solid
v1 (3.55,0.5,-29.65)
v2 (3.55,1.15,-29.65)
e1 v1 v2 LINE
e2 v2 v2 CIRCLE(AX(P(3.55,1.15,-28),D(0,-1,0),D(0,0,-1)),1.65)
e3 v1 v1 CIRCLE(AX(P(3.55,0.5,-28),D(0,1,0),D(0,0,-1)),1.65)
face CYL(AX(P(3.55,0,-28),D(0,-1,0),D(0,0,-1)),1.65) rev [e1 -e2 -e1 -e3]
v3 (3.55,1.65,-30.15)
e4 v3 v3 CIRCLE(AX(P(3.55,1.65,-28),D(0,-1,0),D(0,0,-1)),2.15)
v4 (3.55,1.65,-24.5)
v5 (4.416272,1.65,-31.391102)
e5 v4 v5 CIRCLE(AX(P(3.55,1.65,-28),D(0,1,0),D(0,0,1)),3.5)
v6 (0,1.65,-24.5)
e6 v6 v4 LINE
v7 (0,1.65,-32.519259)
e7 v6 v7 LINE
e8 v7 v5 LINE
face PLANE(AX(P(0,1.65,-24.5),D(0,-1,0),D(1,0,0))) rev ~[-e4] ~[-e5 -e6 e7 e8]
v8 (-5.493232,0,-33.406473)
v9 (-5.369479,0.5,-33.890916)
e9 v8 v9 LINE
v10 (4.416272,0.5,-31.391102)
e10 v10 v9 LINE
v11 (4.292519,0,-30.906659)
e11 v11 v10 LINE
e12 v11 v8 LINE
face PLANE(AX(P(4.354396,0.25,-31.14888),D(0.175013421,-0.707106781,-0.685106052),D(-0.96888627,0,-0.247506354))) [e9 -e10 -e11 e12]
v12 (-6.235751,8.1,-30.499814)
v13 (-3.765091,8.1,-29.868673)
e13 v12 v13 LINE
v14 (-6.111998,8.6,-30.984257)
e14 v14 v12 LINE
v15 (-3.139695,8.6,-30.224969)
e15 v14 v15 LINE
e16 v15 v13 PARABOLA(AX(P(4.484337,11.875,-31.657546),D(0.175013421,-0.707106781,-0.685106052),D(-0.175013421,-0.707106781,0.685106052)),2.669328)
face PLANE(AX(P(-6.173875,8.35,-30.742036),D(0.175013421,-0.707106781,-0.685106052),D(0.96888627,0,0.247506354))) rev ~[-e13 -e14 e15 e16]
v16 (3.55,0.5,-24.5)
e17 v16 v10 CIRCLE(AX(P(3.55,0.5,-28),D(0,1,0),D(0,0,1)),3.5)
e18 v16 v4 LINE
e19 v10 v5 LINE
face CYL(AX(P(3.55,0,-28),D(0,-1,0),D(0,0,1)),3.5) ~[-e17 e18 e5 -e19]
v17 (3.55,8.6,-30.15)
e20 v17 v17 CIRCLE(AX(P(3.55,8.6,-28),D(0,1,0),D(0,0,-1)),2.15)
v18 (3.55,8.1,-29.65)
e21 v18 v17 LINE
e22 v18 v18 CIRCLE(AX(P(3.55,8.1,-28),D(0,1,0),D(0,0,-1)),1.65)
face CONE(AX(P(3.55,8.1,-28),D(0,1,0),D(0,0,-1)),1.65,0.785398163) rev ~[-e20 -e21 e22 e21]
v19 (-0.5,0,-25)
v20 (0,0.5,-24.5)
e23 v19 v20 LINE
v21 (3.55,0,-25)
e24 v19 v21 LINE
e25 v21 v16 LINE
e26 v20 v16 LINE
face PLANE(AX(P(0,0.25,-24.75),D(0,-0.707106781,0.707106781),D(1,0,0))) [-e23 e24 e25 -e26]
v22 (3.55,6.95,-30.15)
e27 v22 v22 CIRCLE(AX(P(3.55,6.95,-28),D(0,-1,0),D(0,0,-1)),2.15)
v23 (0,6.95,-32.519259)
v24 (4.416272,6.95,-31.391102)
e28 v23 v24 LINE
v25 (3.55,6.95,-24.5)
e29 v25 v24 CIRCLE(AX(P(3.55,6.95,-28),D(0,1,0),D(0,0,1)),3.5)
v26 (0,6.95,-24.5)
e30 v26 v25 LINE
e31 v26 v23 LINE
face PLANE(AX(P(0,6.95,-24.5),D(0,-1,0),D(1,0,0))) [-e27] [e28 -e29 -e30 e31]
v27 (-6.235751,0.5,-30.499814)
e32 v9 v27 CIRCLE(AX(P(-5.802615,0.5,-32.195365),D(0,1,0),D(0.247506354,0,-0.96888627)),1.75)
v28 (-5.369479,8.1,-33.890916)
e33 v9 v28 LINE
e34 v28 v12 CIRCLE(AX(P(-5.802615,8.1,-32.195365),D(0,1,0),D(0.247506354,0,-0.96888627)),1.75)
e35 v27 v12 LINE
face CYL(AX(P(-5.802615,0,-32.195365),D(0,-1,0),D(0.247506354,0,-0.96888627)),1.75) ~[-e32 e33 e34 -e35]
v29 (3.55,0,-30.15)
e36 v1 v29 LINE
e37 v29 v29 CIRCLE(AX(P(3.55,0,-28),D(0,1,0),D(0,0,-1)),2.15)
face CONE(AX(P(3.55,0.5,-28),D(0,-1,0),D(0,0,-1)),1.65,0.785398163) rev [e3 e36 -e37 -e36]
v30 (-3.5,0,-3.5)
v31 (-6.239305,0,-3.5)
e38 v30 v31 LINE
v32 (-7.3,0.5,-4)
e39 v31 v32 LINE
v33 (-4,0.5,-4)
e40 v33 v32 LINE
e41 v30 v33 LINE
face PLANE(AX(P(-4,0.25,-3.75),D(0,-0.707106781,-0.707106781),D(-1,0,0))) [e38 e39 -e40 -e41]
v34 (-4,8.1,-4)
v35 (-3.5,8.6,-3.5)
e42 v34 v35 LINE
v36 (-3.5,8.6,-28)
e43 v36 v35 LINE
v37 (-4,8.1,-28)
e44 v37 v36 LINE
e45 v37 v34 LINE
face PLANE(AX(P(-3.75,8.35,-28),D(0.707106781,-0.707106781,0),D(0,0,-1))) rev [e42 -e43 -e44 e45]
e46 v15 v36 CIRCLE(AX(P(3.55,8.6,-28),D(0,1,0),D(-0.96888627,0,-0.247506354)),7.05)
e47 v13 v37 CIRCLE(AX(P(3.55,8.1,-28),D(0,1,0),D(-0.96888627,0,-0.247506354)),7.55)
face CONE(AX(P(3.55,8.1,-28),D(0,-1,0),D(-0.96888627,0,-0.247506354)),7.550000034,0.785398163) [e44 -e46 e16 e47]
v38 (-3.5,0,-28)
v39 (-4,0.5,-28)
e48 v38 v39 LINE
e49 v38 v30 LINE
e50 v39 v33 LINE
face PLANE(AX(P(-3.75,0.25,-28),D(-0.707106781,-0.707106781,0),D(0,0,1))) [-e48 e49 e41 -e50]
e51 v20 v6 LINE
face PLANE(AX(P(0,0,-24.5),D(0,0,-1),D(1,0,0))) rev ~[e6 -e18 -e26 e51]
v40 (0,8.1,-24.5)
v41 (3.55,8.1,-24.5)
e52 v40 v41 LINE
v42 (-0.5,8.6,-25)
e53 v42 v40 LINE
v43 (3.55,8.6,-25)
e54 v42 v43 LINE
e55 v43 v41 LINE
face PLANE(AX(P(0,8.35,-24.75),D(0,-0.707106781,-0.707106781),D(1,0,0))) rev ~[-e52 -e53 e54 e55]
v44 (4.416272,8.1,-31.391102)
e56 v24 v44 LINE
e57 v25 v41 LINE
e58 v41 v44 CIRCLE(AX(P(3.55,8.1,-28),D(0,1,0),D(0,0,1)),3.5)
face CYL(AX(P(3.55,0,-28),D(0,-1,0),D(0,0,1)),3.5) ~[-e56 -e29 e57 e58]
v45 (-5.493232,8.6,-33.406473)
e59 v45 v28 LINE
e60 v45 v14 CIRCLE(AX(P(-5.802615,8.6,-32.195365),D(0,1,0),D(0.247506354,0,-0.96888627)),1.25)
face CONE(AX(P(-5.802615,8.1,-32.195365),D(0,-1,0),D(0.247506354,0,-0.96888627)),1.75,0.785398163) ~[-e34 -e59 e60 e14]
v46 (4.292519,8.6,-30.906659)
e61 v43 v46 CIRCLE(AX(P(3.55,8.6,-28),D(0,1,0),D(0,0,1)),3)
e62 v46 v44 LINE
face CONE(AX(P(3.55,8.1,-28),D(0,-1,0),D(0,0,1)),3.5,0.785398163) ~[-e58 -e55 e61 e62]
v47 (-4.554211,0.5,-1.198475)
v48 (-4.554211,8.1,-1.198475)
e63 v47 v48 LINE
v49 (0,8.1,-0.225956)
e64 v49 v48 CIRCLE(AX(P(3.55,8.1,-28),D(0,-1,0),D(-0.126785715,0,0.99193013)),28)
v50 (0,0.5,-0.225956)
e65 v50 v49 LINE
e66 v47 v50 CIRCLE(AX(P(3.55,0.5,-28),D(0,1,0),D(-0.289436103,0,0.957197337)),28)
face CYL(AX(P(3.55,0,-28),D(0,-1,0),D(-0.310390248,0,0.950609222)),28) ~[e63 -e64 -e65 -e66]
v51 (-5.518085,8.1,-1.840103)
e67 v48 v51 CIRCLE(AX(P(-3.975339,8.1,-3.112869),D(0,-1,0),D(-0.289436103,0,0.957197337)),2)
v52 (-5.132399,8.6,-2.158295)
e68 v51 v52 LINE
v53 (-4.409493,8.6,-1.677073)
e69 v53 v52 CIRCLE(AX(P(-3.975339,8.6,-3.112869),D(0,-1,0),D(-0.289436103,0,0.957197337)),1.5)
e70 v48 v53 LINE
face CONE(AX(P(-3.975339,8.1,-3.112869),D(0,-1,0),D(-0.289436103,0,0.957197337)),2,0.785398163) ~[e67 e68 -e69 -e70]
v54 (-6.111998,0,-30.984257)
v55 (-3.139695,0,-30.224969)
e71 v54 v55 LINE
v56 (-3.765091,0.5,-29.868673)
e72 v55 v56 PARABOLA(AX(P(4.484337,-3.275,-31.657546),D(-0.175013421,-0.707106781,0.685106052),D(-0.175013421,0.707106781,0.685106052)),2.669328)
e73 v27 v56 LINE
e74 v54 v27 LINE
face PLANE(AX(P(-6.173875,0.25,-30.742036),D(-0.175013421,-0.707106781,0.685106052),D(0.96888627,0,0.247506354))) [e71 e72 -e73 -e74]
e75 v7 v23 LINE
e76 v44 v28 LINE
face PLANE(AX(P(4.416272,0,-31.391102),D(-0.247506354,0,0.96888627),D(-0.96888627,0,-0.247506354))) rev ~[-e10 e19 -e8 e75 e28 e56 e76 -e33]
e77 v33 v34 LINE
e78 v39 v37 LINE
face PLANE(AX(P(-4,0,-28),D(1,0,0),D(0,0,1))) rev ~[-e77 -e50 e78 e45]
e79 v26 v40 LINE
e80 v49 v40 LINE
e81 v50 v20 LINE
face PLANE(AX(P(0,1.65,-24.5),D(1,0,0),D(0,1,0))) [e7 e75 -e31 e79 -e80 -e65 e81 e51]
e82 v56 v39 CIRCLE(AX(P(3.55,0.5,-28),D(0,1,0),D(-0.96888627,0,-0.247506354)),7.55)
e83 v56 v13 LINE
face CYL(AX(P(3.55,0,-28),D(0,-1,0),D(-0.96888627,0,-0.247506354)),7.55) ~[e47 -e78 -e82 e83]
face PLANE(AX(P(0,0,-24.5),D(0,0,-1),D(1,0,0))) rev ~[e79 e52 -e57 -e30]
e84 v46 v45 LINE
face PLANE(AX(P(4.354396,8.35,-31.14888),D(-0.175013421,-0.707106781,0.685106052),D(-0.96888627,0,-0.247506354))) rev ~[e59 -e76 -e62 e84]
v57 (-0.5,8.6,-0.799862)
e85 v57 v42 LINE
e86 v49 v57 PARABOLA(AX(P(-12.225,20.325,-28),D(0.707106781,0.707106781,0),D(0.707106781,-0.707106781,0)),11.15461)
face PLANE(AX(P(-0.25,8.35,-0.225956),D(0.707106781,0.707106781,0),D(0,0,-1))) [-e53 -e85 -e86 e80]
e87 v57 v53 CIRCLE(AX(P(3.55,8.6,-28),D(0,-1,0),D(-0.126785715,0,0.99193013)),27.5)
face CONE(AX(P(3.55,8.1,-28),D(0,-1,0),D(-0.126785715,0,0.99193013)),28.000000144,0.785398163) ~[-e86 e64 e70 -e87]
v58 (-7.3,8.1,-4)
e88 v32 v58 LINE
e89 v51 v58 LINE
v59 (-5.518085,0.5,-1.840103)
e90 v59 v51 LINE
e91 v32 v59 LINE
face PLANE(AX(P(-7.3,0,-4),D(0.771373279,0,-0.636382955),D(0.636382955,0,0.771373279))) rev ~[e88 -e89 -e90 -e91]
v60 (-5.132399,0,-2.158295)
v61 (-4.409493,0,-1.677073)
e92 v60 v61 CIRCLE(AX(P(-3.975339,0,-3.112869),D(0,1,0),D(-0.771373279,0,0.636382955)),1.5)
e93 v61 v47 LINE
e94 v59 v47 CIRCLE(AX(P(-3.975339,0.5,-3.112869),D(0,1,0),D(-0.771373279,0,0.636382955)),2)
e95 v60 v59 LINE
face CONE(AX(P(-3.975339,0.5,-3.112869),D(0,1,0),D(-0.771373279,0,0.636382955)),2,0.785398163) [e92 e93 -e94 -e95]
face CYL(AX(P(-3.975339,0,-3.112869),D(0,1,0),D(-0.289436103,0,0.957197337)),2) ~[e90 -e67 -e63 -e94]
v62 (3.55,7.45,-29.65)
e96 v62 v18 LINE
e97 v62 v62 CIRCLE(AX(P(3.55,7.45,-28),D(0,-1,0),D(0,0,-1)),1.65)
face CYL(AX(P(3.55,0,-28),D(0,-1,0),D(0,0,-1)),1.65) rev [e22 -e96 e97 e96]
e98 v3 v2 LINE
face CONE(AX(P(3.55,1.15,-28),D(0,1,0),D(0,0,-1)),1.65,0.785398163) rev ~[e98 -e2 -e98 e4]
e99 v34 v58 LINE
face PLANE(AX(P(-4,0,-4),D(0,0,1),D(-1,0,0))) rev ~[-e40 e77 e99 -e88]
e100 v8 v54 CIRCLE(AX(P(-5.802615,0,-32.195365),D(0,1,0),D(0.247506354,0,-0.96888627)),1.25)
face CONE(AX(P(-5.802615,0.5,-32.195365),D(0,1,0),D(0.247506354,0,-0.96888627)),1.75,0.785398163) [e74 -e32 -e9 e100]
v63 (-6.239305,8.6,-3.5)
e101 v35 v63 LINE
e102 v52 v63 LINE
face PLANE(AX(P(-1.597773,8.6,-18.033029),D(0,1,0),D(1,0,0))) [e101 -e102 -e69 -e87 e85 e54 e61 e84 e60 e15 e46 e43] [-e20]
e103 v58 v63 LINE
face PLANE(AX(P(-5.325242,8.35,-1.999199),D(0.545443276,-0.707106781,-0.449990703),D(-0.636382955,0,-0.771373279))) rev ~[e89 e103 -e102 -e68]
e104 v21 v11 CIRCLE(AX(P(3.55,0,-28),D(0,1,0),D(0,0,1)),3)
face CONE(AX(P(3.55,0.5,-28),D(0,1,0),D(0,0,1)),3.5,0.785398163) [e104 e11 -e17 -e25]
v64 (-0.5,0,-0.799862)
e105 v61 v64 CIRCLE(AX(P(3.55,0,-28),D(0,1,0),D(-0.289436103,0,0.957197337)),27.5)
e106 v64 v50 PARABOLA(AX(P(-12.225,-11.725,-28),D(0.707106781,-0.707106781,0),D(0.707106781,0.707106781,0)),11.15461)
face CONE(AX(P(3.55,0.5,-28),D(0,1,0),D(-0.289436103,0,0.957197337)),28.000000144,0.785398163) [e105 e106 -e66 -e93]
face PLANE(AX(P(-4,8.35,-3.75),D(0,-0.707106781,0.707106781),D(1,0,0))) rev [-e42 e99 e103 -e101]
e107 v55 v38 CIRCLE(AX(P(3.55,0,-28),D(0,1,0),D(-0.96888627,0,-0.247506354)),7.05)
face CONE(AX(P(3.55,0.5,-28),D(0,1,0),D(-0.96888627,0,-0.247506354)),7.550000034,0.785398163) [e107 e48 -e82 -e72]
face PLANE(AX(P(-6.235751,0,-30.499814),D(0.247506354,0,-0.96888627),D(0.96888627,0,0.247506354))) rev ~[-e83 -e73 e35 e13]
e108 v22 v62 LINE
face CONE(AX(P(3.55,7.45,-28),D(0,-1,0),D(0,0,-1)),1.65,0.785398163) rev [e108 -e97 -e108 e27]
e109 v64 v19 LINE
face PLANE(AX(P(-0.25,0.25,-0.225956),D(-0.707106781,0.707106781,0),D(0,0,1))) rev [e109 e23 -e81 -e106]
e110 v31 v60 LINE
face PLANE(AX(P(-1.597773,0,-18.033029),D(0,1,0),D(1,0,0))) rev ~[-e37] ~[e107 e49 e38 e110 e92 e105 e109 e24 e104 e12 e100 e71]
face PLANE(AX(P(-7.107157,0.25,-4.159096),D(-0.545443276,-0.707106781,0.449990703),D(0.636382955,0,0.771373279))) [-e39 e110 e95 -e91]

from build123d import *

# Parameters (mm, degrees)
SKETCH1_R           = 1.65
BOSS_EXTRUDE1_DEPTH = 8.6
SKETCH2_W           = 7.05
SKETCH2_H           = 5.3
CUT_EXTRUDE1_DEPTH  = 28.041671481
CHAMFER1_SIZE       = 0.5
CUT_EXTRUDE2_DEPTH  = 36.823034653
FILLET1_R           = 2
CHAMFER2_SIZE       = 0.5


with BuildPart() as part:
    # Sketch1 → Boss-Extrude1 (new body)
    with BuildSketch(Plane(origin=(0, 0, 0), x_dir=(1, 0, 0), z_dir=(0, 1, 0))):
        with BuildLine():
            Line((4.41627224, 31.391101946), (-5.369479089, 33.890916124))
            ThreePointArc((-5.369479089, 33.890916124), (-7.498166182, 32.628501271), (-6.235751329, 30.499814178))
            Line((-6.235751329, 30.499814178), (-3.76509134, 29.868672975))
            ThreePointArc((-3.76509134, 29.868672975), (-3.941042638, 28.941690072), (-4, 28))
            Line((-4, 28), (-4, 4))
            Line((-4, 4), (-7.3, 4))
            Line((-7.3, 4), (-4, 0))
            Line((-4, 0), (0, 0))
            Line((0, 0), (0, 24.5))
            Line((0, 24.5), (3.55, 24.5))
            ThreePointArc((3.55, 24.5), (7.022668773, 27.563454934), (4.41627224, 31.391101946))
        make_face()
        with Locations(Location((3.55, 28, 0), (0, 0, 90))):
            Circle(SKETCH1_R, mode=Mode.SUBTRACT)
    extrude(amount=BOSS_EXTRUDE1_DEPTH)

    # Sketch2 → Cut-Extrude1 (cut, through all)
    with BuildSketch(Plane.XY.offset(-24.5)):
        with Locations((3.525, 4.3)):
            Rectangle(SKETCH2_W, SKETCH2_H)
    extrude(amount=-CUT_EXTRUDE1_DEPTH, mode=Mode.SUBTRACT)

    # Chamfer1
    chamfer1_edges = [part.edges().sort_by_distance(p)[0] for p in [
        (3.55, 0, -26.35),
        (3.55, 8.6, -26.35),
        (3.55, 6.95, -26.35),
        (3.55, 1.65, -26.35),
    ]]
    chamfer(chamfer1_edges, length=CHAMFER1_SIZE)

    # Sketch3 → Cut-Extrude2 (cut, through all)
    with BuildSketch(Plane(origin=(0, 0, 0), x_dir=(1, 0, 0), z_dir=(0, 1, 0))):
        with BuildLine():
            Line((0, 0.225956362), (0, 0))
            Line((0, 0), (-4, 0))
            Line((-4, 0), (-5.140926966, 1.382941776))
            ThreePointArc((-5.140926966, 1.382941776), (-2.597741622, 0.683241903), (0, 0.225956362))
        make_face()
    extrude(amount=CUT_EXTRUDE2_DEPTH, mode=Mode.SUBTRACT)

    # Fillet1
    fillet1_edges = [part.edges().sort_by_distance(p)[0] for p in [
        (-5.140926966, 4.3, -1.382941776),
    ]]
    fillet(fillet1_edges, radius=FILLET1_R)

    # Chamfer2
    chamfer2_edges = [part.edges().sort_by_distance(p)[0] for p in [
        (-5.083597869, 8.6, -1.448008405),
        (-6.409042622, 0, -2.920051663),
        (-5.65, 0, -4),
        (-4, 0, -16),
        (-3.941042638, 0, -28.941690072),
        (7.022668773, 8.6, -27.563454934),
        (-5.000421335, 0, -30.184243577),
        (-7.498166182, 0, -32.628501271),
        (-0.476603424, 0, -32.641009035),
        (7.022668773, 0, -27.563454934),
        (1.775, 0, -24.5),
        (-0.476603424, 8.6, -32.641009035),
        (-7.498166182, 8.6, -32.628501271),
        (-5.000421335, 8.6, -30.184243577),
        (-3.941042638, 8.6, -28.941690072),
        (-4, 8.6, -16),
        (-5.65, 8.6, -4),
        (-6.409042622, 8.6, -2.920051663),
        (0, 0, -12.362978181),
        (0, 8.6, -12.362978181),
        (-2.297358874, 0, -0.617370576),
        (-2.297358874, 8.6, -0.617370576),
        (1.775, 8.6, -24.5),
        (-5.083597869, 0, -1.448008405),
    ]]
    chamfer(chamfer2_edges, length=CHAMFER2_SIZE)


solid = part.part
